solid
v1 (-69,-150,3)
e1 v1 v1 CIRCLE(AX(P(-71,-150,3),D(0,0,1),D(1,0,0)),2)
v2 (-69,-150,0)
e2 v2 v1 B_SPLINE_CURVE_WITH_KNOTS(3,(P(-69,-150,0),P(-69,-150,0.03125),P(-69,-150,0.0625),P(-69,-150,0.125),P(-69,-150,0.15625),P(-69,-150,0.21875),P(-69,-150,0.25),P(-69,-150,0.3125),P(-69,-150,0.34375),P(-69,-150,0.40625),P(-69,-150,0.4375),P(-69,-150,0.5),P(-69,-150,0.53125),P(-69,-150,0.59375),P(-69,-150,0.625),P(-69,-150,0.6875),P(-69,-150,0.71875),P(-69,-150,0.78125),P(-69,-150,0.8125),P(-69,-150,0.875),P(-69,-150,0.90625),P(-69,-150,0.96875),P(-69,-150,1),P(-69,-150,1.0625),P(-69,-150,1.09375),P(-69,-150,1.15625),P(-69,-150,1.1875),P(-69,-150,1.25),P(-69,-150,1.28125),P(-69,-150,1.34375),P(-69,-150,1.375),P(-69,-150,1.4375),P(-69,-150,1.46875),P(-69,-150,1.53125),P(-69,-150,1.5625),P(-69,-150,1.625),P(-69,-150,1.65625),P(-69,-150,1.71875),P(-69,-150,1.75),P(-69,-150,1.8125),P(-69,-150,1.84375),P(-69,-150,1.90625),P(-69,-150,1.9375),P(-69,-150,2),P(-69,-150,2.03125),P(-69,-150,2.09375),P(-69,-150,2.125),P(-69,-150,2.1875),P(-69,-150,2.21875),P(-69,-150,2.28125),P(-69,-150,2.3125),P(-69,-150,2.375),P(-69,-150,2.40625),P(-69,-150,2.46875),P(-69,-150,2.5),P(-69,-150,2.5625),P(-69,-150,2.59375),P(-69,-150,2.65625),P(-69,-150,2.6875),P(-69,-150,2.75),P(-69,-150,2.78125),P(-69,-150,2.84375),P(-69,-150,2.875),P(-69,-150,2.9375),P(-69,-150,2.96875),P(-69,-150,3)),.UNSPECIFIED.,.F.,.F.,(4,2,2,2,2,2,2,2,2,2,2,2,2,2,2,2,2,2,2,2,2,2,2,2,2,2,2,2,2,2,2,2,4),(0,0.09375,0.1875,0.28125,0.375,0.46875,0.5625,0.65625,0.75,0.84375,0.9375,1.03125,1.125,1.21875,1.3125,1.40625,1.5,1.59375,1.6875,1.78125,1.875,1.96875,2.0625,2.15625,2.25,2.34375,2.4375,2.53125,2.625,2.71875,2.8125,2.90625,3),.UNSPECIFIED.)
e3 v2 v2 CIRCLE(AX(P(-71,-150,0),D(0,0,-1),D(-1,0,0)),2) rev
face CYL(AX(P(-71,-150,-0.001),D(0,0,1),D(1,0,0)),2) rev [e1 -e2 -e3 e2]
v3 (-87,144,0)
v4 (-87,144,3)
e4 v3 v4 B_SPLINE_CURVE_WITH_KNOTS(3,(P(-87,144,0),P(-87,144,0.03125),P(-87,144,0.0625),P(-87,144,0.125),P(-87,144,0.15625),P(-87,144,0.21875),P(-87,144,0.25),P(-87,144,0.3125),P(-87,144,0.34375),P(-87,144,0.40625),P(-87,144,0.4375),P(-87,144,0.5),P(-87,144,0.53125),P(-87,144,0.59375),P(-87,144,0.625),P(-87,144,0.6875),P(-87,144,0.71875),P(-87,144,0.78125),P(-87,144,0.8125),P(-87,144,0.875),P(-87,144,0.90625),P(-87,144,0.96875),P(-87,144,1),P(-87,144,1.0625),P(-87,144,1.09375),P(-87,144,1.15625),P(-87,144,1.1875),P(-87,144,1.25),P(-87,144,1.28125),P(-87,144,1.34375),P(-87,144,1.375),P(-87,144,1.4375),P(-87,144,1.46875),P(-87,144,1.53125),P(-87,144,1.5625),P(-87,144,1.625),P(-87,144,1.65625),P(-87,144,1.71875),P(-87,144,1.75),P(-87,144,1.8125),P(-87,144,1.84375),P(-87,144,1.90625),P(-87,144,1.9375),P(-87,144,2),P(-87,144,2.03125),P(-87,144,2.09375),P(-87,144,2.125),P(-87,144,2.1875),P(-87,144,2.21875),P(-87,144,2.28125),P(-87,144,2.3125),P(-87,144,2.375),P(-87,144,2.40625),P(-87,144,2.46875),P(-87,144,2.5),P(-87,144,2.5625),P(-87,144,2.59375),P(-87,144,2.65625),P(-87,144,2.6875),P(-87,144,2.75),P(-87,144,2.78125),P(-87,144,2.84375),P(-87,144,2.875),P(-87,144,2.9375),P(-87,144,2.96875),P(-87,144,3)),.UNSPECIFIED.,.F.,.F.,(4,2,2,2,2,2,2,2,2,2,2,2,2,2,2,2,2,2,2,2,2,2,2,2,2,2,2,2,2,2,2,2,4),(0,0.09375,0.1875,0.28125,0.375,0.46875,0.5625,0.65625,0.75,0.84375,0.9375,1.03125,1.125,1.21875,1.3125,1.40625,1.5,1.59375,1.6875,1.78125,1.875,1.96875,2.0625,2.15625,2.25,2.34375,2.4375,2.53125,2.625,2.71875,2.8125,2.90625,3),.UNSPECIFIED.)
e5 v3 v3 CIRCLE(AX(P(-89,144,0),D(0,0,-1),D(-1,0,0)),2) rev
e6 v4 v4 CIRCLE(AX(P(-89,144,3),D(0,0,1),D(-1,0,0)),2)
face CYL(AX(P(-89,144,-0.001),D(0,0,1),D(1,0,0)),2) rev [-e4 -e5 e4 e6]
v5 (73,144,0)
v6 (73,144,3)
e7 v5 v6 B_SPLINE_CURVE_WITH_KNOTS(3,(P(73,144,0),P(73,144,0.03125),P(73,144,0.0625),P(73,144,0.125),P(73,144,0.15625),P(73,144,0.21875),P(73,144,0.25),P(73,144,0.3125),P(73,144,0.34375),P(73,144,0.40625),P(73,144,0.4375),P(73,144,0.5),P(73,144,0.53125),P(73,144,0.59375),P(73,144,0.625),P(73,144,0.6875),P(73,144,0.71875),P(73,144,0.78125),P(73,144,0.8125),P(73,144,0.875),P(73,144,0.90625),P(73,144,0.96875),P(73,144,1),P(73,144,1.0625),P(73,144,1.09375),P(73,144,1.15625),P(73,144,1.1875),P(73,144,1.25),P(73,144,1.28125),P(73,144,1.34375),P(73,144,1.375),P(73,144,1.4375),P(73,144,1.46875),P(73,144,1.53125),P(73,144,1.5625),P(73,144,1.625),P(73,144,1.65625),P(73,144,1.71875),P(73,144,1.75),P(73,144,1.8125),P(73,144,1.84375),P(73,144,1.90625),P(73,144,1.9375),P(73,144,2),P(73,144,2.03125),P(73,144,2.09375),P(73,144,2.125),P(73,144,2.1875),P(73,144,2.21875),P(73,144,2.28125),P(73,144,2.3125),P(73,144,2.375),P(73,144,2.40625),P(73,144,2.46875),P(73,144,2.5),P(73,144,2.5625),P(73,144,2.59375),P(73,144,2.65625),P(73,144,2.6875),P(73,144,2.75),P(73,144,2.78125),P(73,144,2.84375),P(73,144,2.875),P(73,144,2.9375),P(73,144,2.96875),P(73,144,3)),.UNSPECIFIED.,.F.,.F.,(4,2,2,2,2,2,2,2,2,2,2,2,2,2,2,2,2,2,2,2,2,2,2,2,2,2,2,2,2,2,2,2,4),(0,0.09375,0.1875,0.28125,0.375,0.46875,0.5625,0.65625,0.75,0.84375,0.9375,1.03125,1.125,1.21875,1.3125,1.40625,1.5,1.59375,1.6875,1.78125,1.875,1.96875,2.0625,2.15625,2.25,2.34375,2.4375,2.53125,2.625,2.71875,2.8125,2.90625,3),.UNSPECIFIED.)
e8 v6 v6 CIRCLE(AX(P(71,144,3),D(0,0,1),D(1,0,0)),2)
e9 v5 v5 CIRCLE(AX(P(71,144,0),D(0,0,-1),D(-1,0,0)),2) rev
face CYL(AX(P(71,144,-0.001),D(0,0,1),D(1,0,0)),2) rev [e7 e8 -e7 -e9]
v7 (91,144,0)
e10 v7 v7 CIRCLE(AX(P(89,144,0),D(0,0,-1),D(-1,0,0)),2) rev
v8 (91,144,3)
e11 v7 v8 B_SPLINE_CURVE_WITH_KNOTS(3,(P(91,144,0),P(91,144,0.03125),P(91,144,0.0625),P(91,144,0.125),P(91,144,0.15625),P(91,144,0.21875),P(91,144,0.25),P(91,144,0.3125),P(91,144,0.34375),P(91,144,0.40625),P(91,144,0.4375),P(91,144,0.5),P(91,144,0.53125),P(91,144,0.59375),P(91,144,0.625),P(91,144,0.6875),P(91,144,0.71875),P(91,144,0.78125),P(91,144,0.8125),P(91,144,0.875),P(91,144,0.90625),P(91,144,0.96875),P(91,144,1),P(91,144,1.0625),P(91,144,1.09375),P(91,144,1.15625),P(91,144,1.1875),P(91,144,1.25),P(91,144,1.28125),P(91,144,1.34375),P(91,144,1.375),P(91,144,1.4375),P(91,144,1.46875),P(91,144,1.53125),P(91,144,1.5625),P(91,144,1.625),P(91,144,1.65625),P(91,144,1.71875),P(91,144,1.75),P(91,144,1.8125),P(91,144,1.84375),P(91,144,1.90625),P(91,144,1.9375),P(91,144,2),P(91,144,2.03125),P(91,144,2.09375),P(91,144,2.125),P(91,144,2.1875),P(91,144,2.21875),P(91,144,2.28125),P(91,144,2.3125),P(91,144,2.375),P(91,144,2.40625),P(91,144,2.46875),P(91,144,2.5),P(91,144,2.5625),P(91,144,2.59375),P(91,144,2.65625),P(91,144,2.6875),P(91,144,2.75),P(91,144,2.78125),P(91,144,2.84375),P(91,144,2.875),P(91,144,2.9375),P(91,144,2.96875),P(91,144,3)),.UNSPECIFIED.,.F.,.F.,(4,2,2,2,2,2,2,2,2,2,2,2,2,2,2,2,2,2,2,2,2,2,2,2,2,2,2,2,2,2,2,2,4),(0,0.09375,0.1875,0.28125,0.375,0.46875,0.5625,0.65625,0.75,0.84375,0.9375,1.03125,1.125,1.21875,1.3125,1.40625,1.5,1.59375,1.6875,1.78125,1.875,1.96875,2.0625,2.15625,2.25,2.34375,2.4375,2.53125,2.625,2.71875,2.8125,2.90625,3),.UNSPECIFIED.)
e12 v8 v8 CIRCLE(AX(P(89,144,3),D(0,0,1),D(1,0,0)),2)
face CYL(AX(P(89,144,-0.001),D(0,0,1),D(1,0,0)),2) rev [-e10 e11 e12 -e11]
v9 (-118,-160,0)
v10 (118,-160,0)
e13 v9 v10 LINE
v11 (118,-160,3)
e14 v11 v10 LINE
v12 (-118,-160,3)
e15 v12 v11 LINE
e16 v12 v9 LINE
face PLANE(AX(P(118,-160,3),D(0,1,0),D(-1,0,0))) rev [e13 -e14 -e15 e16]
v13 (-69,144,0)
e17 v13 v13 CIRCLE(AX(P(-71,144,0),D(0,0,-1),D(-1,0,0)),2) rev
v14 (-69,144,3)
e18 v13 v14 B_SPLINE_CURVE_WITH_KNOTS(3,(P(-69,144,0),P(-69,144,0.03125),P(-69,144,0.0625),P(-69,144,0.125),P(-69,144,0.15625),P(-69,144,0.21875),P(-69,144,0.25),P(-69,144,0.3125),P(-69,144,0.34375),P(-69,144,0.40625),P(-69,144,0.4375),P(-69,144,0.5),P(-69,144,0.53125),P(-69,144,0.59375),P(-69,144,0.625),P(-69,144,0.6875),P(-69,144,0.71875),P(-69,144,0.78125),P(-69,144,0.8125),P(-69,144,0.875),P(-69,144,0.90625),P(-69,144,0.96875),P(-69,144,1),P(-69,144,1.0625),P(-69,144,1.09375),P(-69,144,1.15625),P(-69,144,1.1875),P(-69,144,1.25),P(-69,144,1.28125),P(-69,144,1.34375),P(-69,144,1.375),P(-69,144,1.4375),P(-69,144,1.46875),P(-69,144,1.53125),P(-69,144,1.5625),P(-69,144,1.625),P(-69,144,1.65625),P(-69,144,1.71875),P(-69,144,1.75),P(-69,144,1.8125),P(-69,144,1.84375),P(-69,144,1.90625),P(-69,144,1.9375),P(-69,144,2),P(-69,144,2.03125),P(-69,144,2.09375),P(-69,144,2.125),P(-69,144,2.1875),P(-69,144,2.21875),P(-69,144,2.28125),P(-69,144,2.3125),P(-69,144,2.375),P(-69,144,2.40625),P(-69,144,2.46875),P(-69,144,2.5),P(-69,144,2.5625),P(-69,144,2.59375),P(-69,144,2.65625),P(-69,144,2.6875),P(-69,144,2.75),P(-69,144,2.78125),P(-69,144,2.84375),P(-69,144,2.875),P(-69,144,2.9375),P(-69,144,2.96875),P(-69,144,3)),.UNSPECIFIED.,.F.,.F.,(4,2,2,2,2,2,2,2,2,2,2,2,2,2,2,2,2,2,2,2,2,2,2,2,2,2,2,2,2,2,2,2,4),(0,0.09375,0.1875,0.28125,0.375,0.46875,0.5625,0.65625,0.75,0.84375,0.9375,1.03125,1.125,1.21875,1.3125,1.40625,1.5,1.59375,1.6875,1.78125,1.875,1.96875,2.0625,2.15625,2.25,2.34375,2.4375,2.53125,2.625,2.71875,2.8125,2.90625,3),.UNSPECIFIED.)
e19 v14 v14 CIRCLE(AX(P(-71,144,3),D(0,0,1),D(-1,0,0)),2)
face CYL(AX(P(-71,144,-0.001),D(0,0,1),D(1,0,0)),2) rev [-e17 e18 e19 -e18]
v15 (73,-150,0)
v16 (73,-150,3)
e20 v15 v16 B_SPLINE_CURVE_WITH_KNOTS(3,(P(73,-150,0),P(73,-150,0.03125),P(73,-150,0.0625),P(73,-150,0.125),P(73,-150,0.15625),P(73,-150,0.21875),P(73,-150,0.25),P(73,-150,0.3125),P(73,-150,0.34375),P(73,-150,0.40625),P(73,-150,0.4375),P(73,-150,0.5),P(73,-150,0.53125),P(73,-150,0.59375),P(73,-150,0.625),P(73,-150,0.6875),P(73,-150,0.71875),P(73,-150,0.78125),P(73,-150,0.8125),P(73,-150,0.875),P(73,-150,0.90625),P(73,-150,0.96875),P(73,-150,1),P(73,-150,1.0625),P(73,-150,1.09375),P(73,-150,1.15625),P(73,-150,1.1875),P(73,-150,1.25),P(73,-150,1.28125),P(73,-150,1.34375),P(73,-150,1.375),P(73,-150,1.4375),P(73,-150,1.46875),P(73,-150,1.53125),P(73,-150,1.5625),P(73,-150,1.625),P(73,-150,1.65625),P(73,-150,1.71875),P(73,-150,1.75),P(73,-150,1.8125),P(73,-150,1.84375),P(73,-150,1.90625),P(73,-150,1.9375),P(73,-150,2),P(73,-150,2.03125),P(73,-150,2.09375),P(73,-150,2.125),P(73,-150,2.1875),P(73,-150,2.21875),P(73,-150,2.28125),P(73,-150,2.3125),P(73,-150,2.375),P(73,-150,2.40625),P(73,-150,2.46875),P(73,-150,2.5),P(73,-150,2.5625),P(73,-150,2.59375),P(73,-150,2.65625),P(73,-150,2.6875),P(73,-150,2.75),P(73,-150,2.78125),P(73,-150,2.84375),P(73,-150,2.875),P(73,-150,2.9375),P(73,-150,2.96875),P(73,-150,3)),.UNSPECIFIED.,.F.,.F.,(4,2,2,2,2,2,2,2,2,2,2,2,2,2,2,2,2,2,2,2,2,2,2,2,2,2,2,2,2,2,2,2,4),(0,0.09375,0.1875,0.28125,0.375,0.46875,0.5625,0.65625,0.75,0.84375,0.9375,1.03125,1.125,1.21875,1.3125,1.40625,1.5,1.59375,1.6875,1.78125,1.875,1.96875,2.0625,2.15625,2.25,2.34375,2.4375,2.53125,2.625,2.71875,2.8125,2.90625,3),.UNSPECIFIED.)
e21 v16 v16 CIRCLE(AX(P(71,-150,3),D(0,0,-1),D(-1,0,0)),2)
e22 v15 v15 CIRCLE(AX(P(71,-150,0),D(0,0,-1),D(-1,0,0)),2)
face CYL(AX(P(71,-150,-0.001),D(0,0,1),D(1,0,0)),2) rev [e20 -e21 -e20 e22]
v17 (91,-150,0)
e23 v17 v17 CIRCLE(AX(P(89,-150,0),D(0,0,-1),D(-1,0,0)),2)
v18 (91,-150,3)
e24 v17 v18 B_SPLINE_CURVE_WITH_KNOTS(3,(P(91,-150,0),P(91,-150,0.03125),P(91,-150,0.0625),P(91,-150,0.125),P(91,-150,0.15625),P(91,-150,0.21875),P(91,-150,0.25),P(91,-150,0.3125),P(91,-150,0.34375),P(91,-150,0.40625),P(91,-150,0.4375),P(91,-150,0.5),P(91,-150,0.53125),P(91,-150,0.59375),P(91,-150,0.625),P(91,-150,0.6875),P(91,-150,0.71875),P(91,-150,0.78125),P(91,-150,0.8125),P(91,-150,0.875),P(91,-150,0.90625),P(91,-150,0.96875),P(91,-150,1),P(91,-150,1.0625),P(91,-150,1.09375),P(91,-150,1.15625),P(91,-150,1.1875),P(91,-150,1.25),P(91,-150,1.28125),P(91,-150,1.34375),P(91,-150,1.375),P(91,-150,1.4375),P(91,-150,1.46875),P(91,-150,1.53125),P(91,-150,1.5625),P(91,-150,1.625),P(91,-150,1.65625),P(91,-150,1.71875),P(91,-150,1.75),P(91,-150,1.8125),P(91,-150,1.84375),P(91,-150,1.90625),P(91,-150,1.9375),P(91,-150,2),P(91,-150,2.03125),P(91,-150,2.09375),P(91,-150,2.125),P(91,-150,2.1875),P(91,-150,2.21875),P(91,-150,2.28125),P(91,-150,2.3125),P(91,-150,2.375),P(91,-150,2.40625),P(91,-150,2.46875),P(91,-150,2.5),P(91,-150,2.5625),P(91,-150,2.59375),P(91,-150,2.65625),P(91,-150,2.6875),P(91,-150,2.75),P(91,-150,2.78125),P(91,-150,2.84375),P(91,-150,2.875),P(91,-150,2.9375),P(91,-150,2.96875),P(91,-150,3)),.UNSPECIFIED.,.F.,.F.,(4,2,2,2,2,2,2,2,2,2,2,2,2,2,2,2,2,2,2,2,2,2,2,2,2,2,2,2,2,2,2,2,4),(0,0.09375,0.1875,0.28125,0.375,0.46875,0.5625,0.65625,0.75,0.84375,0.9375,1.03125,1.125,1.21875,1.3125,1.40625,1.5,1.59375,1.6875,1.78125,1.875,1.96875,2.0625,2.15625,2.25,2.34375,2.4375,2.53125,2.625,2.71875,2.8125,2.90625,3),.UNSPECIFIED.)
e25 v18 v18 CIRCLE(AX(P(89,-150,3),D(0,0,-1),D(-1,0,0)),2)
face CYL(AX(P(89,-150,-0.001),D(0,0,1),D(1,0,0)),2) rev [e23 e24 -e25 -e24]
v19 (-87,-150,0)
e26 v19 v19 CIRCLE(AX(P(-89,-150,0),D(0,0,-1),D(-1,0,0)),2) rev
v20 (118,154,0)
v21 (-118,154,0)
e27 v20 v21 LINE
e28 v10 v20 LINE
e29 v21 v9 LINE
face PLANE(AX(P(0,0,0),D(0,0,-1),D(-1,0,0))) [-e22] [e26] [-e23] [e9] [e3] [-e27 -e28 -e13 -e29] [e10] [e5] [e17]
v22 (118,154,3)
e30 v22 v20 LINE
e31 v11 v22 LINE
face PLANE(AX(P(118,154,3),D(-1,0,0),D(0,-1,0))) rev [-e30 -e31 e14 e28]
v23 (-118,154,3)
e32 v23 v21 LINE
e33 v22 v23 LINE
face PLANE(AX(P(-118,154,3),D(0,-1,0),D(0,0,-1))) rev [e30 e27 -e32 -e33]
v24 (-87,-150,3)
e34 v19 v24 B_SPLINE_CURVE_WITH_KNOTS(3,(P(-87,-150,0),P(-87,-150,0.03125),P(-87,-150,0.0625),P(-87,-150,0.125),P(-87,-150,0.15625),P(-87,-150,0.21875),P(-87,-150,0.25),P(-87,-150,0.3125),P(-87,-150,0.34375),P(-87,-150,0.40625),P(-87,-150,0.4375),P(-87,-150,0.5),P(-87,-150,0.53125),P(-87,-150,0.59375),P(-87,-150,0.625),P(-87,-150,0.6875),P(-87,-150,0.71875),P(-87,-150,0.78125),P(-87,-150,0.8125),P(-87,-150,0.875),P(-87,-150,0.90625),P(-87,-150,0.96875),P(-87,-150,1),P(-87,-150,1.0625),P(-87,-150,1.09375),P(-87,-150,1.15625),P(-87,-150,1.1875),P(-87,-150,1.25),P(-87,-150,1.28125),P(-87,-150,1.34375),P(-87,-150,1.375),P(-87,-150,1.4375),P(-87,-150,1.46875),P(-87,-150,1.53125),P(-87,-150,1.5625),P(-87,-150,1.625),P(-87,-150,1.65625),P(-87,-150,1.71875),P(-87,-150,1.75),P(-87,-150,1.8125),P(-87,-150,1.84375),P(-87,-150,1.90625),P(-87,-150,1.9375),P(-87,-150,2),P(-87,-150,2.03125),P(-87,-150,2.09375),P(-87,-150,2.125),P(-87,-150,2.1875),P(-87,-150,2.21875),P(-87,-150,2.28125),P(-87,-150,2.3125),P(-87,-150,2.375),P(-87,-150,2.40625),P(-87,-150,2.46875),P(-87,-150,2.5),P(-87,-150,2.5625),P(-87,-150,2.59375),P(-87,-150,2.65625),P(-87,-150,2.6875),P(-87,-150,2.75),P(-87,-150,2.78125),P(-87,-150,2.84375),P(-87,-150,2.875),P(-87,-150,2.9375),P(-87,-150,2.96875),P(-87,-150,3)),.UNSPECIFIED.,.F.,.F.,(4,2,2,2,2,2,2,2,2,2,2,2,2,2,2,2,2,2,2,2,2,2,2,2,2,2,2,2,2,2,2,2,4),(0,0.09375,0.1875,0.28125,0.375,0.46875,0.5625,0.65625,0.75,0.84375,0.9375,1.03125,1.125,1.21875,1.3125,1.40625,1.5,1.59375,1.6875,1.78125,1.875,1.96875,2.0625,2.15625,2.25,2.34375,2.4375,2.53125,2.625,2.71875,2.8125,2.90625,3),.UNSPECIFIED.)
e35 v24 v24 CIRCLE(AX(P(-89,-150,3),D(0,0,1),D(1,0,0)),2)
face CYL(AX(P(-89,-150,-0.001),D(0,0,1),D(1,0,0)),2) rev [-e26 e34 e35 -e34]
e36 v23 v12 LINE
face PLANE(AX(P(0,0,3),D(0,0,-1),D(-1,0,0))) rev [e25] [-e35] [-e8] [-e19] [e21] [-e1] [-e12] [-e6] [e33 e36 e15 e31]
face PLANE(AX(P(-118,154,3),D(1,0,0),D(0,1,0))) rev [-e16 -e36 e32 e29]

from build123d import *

# Parameters (mm, degrees)
ESQUISSE1_W             = 236
ESQUISSE1_H             = 314
BOSS_EXTRU_1_DEPTH      = 3
ENL_V_MAT_EXTRU_1_REACH = 200.829
ESQUISSE3_R             = 2


with BuildPart() as part:
    # Esquisse1 → Boss.-Extru.1 (new body)
    with BuildSketch(Plane.XY):
        with Locations((0, -3)):
            Rectangle(ESQUISSE1_W, ESQUISSE1_H)
    extrude(amount=BOSS_EXTRU_1_DEPTH)

    # Esquisse3 → Enlèv. mat.-Extru.1 (cut, up to next)
    with BuildSketch(Plane.XY.offset(3), mode=Mode.PRIVATE) as enl_v_mat_extru_1_sk1:
        with Locations((-71, -150)):
            Circle(ESQUISSE3_R)
    enl_v_mat_extru_1_tool1 = extrude(enl_v_mat_extru_1_sk1.sketch, amount=-ENL_V_MAT_EXTRU_1_REACH, mode=Mode.PRIVATE) & part.part
    # Esquisse3 → Enlèv. mat.-Extru.1 (cut, up to next)
    with BuildSketch(Plane.XY.offset(3), mode=Mode.PRIVATE) as enl_v_mat_extru_1_sk2:
        with Locations((-89, -150)):
            Circle(ESQUISSE3_R)
    enl_v_mat_extru_1_tool2 = extrude(enl_v_mat_extru_1_sk2.sketch, amount=-ENL_V_MAT_EXTRU_1_REACH, mode=Mode.PRIVATE) & part.part
    # Esquisse3 → Enlèv. mat.-Extru.1 (cut, up to next)
    with BuildSketch(Plane.XY.offset(3), mode=Mode.PRIVATE) as enl_v_mat_extru_1_sk3:
        with Locations((-89, 144)):
            Circle(ESQUISSE3_R)
    enl_v_mat_extru_1_tool3 = extrude(enl_v_mat_extru_1_sk3.sketch, amount=-ENL_V_MAT_EXTRU_1_REACH, mode=Mode.PRIVATE) & part.part
    # Esquisse3 → Enlèv. mat.-Extru.1 (cut, up to next)
    with BuildSketch(Plane.XY.offset(3), mode=Mode.PRIVATE) as enl_v_mat_extru_1_sk4:
        with Locations((-71, 144)):
            Circle(ESQUISSE3_R)
    enl_v_mat_extru_1_tool4 = extrude(enl_v_mat_extru_1_sk4.sketch, amount=-ENL_V_MAT_EXTRU_1_REACH, mode=Mode.PRIVATE) & part.part
    # Esquisse3 → Enlèv. mat.-Extru.1 (cut, up to next)
    with BuildSketch(Plane.XY.offset(3), mode=Mode.PRIVATE) as enl_v_mat_extru_1_sk5:
        with Locations((71, 144)):
            Circle(ESQUISSE3_R)
    enl_v_mat_extru_1_tool5 = extrude(enl_v_mat_extru_1_sk5.sketch, amount=-ENL_V_MAT_EXTRU_1_REACH, mode=Mode.PRIVATE) & part.part
    # Esquisse3 → Enlèv. mat.-Extru.1 (cut, up to next)
    with BuildSketch(Plane.XY.offset(3), mode=Mode.PRIVATE) as enl_v_mat_extru_1_sk6:
        with Locations((89, 144)):
            Circle(ESQUISSE3_R)
    enl_v_mat_extru_1_tool6 = extrude(enl_v_mat_extru_1_sk6.sketch, amount=-ENL_V_MAT_EXTRU_1_REACH, mode=Mode.PRIVATE) & part.part
    enl_v_mat_extru_1_1 = enl_v_mat_extru_1_tool1.solids().sort_by_distance((-71, -150, 3))[0]
    add(enl_v_mat_extru_1_1, mode=Mode.SUBTRACT)
    enl_v_mat_extru_1_2 = enl_v_mat_extru_1_tool2.solids().sort_by_distance((-89, -150, 3))[0]
    add(enl_v_mat_extru_1_2, mode=Mode.SUBTRACT)
    enl_v_mat_extru_1_3 = enl_v_mat_extru_1_tool3.solids().sort_by_distance((-89, 144, 3))[0]
    add(enl_v_mat_extru_1_3, mode=Mode.SUBTRACT)
    enl_v_mat_extru_1_4 = enl_v_mat_extru_1_tool4.solids().sort_by_distance((-71, 144, 3))[0]
    add(enl_v_mat_extru_1_4, mode=Mode.SUBTRACT)
    enl_v_mat_extru_1_5 = enl_v_mat_extru_1_tool5.solids().sort_by_distance((71, 144, 3))[0]
    add(enl_v_mat_extru_1_5, mode=Mode.SUBTRACT)
    enl_v_mat_extru_1_6 = enl_v_mat_extru_1_tool6.solids().sort_by_distance((89, 144, 3))[0]
    add(enl_v_mat_extru_1_6, mode=Mode.SUBTRACT)
    enl_v_mat_extru_1 = enl_v_mat_extru_1_1 + enl_v_mat_extru_1_2 + enl_v_mat_extru_1_3 + enl_v_mat_extru_1_4 + enl_v_mat_extru_1_5 + enl_v_mat_extru_1_6  # Enlèv. mat.-Extru.1 as one shape, for the pattern or mirror that repeats it

    # Symétrie1: Enlèv. mat.-Extru.1 across plane
    add(enl_v_mat_extru_1.mirror(Plane(origin=(0, 0, 0), x_dir=(0, 0, 1), z_dir=(1, 0, 0))), mode=Mode.SUBTRACT)


solid = part.part
